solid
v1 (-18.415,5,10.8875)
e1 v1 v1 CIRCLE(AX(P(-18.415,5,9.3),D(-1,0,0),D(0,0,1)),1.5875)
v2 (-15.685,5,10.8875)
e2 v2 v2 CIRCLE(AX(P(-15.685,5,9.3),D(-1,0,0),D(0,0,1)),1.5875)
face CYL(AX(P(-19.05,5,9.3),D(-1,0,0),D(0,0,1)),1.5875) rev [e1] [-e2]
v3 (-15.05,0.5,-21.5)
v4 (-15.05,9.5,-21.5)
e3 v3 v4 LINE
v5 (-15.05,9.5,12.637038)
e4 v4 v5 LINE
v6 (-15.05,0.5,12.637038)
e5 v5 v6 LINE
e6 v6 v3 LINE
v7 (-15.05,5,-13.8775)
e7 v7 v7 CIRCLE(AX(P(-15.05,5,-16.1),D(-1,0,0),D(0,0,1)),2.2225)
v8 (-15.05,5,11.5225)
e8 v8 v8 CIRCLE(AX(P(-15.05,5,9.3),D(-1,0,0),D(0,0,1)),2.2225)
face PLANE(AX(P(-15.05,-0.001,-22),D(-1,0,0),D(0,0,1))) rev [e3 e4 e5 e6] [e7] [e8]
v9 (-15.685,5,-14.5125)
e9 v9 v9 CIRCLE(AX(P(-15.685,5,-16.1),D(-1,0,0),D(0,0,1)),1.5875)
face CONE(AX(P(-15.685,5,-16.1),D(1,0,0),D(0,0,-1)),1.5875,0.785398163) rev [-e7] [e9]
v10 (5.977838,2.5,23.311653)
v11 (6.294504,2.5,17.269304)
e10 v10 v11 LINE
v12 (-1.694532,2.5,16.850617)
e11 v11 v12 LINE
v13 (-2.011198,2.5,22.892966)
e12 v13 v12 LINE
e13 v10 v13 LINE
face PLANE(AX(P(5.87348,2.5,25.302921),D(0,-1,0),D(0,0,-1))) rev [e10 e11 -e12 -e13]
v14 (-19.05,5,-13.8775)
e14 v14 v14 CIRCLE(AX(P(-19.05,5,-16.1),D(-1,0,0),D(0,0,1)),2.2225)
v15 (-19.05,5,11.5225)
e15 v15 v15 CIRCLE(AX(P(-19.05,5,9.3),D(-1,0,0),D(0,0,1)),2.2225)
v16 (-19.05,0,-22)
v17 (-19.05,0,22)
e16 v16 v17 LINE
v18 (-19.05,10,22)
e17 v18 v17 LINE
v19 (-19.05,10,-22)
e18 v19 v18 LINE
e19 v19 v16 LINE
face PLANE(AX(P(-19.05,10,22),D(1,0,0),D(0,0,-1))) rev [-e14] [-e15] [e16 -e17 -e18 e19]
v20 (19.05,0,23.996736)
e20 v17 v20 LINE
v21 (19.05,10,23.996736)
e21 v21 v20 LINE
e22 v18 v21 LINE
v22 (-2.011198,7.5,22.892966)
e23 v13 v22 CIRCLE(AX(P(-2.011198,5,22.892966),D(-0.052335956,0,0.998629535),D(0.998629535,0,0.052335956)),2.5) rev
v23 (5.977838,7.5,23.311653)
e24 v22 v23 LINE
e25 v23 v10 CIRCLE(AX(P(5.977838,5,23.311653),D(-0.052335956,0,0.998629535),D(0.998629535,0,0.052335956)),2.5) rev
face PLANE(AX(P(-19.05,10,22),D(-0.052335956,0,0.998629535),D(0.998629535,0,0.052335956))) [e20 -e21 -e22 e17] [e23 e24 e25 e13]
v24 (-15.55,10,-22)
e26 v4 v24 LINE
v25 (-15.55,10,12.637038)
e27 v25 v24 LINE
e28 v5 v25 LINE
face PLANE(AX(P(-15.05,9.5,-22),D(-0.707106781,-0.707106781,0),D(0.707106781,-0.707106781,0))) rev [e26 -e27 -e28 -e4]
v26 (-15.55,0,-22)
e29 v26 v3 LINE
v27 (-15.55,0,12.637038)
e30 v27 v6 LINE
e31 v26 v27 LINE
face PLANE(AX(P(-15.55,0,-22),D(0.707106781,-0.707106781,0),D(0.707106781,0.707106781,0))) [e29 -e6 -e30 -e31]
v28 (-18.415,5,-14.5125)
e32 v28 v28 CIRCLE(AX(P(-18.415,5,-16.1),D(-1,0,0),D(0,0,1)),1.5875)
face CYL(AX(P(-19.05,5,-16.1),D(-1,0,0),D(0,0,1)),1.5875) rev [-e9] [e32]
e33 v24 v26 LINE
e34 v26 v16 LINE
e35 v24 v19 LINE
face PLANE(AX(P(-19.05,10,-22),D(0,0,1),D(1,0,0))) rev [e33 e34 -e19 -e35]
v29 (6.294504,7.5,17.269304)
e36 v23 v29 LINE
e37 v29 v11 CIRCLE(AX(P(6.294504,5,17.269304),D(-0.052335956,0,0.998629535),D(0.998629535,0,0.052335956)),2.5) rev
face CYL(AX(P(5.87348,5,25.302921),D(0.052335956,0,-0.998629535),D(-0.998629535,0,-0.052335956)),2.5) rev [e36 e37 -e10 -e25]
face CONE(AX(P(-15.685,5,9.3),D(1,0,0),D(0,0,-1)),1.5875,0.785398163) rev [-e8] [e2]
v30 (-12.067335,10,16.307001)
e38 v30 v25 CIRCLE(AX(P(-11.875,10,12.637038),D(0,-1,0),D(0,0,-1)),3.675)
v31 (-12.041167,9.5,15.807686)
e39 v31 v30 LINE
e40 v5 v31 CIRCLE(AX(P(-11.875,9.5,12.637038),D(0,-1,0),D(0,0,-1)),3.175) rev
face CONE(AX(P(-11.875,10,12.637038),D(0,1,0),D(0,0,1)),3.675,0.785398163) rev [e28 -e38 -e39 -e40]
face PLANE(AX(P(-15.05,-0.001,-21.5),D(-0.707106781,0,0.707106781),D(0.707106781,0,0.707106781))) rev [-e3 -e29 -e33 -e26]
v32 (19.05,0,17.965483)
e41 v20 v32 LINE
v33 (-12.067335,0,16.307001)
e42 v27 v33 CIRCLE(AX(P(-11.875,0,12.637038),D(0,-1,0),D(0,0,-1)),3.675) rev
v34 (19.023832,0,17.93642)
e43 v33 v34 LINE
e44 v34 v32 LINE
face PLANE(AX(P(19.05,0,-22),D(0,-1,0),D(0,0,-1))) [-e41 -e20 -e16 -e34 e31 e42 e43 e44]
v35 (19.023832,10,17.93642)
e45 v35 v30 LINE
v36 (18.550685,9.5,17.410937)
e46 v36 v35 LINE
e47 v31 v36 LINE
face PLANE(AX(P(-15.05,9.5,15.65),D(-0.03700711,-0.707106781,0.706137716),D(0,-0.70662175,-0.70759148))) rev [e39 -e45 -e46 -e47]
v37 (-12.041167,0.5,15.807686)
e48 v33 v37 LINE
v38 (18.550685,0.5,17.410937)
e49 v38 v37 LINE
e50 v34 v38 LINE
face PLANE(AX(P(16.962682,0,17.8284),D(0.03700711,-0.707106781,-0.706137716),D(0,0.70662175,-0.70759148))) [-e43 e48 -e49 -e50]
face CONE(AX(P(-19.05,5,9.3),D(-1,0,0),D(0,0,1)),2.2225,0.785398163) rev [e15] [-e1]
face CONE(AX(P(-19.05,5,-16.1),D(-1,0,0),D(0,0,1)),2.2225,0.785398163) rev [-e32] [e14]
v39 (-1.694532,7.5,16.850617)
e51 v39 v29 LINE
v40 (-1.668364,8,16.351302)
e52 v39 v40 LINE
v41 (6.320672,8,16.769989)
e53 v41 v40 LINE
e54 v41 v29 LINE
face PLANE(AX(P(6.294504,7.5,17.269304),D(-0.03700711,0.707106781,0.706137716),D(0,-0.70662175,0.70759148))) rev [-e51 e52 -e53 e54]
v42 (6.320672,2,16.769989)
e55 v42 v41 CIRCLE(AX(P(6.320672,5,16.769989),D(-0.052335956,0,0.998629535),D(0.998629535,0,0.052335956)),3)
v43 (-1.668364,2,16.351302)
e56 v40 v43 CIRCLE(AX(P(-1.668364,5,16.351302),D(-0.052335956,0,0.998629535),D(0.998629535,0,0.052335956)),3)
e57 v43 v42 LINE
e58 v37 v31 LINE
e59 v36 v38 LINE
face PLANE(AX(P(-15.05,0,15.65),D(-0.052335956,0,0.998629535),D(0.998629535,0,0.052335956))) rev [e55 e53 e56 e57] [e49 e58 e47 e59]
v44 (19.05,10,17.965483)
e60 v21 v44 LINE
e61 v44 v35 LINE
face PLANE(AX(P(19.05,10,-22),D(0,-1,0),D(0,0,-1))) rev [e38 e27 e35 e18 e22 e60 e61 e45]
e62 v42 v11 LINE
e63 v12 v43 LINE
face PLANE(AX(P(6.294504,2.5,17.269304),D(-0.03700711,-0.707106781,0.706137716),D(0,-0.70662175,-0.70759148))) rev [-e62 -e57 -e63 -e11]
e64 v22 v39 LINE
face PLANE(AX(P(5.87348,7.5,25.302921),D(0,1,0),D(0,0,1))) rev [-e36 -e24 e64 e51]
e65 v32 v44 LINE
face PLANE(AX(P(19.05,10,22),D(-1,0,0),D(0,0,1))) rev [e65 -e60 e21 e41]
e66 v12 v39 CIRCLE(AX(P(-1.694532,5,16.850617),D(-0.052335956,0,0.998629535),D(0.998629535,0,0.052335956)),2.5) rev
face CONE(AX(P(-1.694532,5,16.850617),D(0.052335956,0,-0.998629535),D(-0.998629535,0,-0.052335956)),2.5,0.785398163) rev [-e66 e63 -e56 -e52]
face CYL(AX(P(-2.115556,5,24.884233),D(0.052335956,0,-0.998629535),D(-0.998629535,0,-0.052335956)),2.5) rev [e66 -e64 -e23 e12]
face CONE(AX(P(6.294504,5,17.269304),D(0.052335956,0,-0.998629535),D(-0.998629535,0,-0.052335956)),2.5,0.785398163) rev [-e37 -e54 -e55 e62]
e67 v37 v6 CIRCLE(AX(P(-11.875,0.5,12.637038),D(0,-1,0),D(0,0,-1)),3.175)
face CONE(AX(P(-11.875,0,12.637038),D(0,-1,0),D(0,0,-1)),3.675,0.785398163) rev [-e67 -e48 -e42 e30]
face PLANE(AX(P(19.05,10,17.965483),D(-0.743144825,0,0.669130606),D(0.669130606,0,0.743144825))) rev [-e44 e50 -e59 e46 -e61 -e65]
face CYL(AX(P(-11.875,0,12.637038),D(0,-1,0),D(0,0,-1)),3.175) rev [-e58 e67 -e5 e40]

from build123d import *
from OCP.BRepFilletAPI import BRepFilletAPI_MakeChamfer

# Parameters (mm, degrees)
SKETCH1_W                             = 38.1
SKETCH1_H                             = 44
BOSS_EXTRUDE1_DEPTH                   = 10
CUT_EXTRUDE1_REACH                    = 32.772
SKETCH2_W                             = 34.1
SKETCH2_H                             = 37.65
F_1_8_0_125_DIAMETER_HOLE1_AT_2_COUNT = 2
F_1_8_0_125_DIAMETER_HOLE1_AT_2_PITCH = 25.4
DRAFT1_ANGLE                          = 3
CUT_EXTRUDE2_DEPTH                    = 33.229580472
CUT_EXTRUDE3_DEPTH                    = 45.389768844
FILLET2_R                             = 3.175
CHAMFER1_SIZE                         = 0.5
CHAMFER2_SIZE                         = 0.5
CHAMFER2_SIZE2                        = 0.528377251


with BuildPart() as part:
    # Sketch1 → Boss-Extrude1 (new body)
    with BuildSketch(Plane(origin=(0, 0, 0), x_dir=(1, 0, 0), z_dir=(0, 1, 0))):
        Rectangle(SKETCH1_W, SKETCH1_H)
    extrude(amount=BOSS_EXTRUDE1_DEPTH)

    # Sketch2 → Cut-Extrude1 (cut, up to next)
    with BuildSketch(Plane(origin=(0, 10, 0), x_dir=(1, 0, 0), z_dir=(0, 1, 0)), mode=Mode.PRIVATE) as cut_extrude1_sk1:
        with Locations((2, 3.175)):
            Rectangle(SKETCH2_W, SKETCH2_H)
    cut_extrude1_tool1 = extrude(cut_extrude1_sk1.sketch, amount=-CUT_EXTRUDE1_REACH, mode=Mode.PRIVATE) & part.part
    add(cut_extrude1_tool1.solids().sort_by_distance((2, 10, -3.175))[0], mode=Mode.SUBTRACT)

    # Sketch3 → 1/8 (0.125) Diameter Hole1 (revolve, cut)
    with BuildSketch(Plane(origin=(-19.05, 5, -16.1), x_dir=(0, 0, 1), z_dir=(0, 1, 0))):
        Polygon((0, 0), (0, 4), (2.2225, 4), (1.5875, 3.365), (1.5875, 0.635), (2.2225, 0), align=None)
    f_1_8_0_125_diameter_hole1 = revolve(axis=Axis((-25.4, 5, -16.1), (1, 0, 0)), mode=Mode.SUBTRACT)

    # 1/8 (0.125) Diameter Hole1 at 2: 1/8 (0.125) Diameter Hole1 ×2
    with Locations(*[(0, 0, i * F_1_8_0_125_DIAMETER_HOLE1_AT_2_PITCH) for i in range(1, F_1_8_0_125_DIAMETER_HOLE1_AT_2_COUNT)]):
        add(f_1_8_0_125_diameter_hole1, mode=Mode.SUBTRACT)

    # Draft1
    draft1_faces = [part.faces().sort_by_distance(p)[0] for p in [
        (0, 5, 22),
    ]]
    draft(draft1_faces, Plane(origin=(-19.05, 10, 22), x_dir=(0, 0, -1), z_dir=(-1, 0, 0)), DRAFT1_ANGLE)

    # Sketch7 → Cut-Extrude2 (cut, through all)
    with BuildSketch(Plane(origin=(0, 10, 0), x_dir=(1, 0, 0), z_dir=(0, 1, 0))):
        Polygon((-15.05, -15.65), (19.05, -15.65), (19.05, -17.437105274), align=None)
    extrude(amount=-CUT_EXTRUDE2_DEPTH, mode=Mode.SUBTRACT)

    # Sketch8 → Cut-Extrude3 (cut, through all)
    with BuildSketch(Plane(origin=(-0.859157962, 0, 16.393710517), x_dir=(-0.9986295347545739, 0, -0.05233595624294398), z_dir=(0.05233595624294399, 0, -0.998629534754574))):
        with BuildLine():
            Line((-7.189683217, 7.5), (0.810316783, 7.5))
            ThreePointArc((0.810316783, 7.5), (3.310316783, 5), (0.810316783, 2.5))
            Line((0.810316783, 2.5), (-7.189683217, 2.5))
            ThreePointArc((-7.189683217, 2.5), (-9.689683217, 5), (-7.189683217, 7.5))
        make_face()
    extrude(amount=-CUT_EXTRUDE3_DEPTH, mode=Mode.SUBTRACT)

    # Fillet2
    fillet2_edges = [part.edges().sort_by_distance(p)[0] for p in [
        (-15.05, 5, 15.65),
    ]]
    fillet(fillet2_edges, radius=FILLET2_R)

    # Chamfer1
    chamfer1_edges = [part.edges().sort_by_distance(p)[0] for p in [
        (8.817245881, 5, 16.900829354),
        (2.326153905, 2.5, 16.560645639),
        (-4.164938071, 5, 16.220461923),
        (2.326153905, 7.5, 16.560645639),
    ]]
    chamfer(chamfer1_edges, length=CHAMFER1_SIZE)

    # Chamfer2: one chamfer whose edges measure the first distance from different faces: ONE call of the kernel's chamfer builder (chamfer() names one face for all edges)
    chamfer2_edges_1 = [part.edges().sort_by_distance(p)[0] for p in [
        (-15.05, 0, -4.68148125),
        (-15.05, 5, -22),
        (-15.05, 10, -4.68148125),
        (3.504416669, 10, 16.622395774),
        (3.504416669, 0, 16.622395774),
        (-14.178063628, 10, 14.822563279),
        (-14.178063628, 0, 14.822563279),
    ]]
    chamfer2_edges_2 = [part.edges().sort_by_distance(p)[0] for p in [
        (19.05, 5, 17.437105274),
    ]]
    chamfer2_side_2 = [part.faces().sort_by_distance(p)[0] for p in [
        (9.643116423, 5, 16.944111395),
    ]]
    chamfer2 = BRepFilletAPI_MakeChamfer(part.part.solid().wrapped)
    for e in chamfer2_edges_1:
        chamfer2.Add(CHAMFER2_SIZE, e.wrapped)
    for e in chamfer2_edges_2:
        chamfer2.Add(CHAMFER2_SIZE, CHAMFER2_SIZE2, e.wrapped, chamfer2_side_2[0].wrapped)  # the first distance lies on this face
    add(Compound.cast(chamfer2.Shape()), mode=Mode.REPLACE)


solid = part.part
